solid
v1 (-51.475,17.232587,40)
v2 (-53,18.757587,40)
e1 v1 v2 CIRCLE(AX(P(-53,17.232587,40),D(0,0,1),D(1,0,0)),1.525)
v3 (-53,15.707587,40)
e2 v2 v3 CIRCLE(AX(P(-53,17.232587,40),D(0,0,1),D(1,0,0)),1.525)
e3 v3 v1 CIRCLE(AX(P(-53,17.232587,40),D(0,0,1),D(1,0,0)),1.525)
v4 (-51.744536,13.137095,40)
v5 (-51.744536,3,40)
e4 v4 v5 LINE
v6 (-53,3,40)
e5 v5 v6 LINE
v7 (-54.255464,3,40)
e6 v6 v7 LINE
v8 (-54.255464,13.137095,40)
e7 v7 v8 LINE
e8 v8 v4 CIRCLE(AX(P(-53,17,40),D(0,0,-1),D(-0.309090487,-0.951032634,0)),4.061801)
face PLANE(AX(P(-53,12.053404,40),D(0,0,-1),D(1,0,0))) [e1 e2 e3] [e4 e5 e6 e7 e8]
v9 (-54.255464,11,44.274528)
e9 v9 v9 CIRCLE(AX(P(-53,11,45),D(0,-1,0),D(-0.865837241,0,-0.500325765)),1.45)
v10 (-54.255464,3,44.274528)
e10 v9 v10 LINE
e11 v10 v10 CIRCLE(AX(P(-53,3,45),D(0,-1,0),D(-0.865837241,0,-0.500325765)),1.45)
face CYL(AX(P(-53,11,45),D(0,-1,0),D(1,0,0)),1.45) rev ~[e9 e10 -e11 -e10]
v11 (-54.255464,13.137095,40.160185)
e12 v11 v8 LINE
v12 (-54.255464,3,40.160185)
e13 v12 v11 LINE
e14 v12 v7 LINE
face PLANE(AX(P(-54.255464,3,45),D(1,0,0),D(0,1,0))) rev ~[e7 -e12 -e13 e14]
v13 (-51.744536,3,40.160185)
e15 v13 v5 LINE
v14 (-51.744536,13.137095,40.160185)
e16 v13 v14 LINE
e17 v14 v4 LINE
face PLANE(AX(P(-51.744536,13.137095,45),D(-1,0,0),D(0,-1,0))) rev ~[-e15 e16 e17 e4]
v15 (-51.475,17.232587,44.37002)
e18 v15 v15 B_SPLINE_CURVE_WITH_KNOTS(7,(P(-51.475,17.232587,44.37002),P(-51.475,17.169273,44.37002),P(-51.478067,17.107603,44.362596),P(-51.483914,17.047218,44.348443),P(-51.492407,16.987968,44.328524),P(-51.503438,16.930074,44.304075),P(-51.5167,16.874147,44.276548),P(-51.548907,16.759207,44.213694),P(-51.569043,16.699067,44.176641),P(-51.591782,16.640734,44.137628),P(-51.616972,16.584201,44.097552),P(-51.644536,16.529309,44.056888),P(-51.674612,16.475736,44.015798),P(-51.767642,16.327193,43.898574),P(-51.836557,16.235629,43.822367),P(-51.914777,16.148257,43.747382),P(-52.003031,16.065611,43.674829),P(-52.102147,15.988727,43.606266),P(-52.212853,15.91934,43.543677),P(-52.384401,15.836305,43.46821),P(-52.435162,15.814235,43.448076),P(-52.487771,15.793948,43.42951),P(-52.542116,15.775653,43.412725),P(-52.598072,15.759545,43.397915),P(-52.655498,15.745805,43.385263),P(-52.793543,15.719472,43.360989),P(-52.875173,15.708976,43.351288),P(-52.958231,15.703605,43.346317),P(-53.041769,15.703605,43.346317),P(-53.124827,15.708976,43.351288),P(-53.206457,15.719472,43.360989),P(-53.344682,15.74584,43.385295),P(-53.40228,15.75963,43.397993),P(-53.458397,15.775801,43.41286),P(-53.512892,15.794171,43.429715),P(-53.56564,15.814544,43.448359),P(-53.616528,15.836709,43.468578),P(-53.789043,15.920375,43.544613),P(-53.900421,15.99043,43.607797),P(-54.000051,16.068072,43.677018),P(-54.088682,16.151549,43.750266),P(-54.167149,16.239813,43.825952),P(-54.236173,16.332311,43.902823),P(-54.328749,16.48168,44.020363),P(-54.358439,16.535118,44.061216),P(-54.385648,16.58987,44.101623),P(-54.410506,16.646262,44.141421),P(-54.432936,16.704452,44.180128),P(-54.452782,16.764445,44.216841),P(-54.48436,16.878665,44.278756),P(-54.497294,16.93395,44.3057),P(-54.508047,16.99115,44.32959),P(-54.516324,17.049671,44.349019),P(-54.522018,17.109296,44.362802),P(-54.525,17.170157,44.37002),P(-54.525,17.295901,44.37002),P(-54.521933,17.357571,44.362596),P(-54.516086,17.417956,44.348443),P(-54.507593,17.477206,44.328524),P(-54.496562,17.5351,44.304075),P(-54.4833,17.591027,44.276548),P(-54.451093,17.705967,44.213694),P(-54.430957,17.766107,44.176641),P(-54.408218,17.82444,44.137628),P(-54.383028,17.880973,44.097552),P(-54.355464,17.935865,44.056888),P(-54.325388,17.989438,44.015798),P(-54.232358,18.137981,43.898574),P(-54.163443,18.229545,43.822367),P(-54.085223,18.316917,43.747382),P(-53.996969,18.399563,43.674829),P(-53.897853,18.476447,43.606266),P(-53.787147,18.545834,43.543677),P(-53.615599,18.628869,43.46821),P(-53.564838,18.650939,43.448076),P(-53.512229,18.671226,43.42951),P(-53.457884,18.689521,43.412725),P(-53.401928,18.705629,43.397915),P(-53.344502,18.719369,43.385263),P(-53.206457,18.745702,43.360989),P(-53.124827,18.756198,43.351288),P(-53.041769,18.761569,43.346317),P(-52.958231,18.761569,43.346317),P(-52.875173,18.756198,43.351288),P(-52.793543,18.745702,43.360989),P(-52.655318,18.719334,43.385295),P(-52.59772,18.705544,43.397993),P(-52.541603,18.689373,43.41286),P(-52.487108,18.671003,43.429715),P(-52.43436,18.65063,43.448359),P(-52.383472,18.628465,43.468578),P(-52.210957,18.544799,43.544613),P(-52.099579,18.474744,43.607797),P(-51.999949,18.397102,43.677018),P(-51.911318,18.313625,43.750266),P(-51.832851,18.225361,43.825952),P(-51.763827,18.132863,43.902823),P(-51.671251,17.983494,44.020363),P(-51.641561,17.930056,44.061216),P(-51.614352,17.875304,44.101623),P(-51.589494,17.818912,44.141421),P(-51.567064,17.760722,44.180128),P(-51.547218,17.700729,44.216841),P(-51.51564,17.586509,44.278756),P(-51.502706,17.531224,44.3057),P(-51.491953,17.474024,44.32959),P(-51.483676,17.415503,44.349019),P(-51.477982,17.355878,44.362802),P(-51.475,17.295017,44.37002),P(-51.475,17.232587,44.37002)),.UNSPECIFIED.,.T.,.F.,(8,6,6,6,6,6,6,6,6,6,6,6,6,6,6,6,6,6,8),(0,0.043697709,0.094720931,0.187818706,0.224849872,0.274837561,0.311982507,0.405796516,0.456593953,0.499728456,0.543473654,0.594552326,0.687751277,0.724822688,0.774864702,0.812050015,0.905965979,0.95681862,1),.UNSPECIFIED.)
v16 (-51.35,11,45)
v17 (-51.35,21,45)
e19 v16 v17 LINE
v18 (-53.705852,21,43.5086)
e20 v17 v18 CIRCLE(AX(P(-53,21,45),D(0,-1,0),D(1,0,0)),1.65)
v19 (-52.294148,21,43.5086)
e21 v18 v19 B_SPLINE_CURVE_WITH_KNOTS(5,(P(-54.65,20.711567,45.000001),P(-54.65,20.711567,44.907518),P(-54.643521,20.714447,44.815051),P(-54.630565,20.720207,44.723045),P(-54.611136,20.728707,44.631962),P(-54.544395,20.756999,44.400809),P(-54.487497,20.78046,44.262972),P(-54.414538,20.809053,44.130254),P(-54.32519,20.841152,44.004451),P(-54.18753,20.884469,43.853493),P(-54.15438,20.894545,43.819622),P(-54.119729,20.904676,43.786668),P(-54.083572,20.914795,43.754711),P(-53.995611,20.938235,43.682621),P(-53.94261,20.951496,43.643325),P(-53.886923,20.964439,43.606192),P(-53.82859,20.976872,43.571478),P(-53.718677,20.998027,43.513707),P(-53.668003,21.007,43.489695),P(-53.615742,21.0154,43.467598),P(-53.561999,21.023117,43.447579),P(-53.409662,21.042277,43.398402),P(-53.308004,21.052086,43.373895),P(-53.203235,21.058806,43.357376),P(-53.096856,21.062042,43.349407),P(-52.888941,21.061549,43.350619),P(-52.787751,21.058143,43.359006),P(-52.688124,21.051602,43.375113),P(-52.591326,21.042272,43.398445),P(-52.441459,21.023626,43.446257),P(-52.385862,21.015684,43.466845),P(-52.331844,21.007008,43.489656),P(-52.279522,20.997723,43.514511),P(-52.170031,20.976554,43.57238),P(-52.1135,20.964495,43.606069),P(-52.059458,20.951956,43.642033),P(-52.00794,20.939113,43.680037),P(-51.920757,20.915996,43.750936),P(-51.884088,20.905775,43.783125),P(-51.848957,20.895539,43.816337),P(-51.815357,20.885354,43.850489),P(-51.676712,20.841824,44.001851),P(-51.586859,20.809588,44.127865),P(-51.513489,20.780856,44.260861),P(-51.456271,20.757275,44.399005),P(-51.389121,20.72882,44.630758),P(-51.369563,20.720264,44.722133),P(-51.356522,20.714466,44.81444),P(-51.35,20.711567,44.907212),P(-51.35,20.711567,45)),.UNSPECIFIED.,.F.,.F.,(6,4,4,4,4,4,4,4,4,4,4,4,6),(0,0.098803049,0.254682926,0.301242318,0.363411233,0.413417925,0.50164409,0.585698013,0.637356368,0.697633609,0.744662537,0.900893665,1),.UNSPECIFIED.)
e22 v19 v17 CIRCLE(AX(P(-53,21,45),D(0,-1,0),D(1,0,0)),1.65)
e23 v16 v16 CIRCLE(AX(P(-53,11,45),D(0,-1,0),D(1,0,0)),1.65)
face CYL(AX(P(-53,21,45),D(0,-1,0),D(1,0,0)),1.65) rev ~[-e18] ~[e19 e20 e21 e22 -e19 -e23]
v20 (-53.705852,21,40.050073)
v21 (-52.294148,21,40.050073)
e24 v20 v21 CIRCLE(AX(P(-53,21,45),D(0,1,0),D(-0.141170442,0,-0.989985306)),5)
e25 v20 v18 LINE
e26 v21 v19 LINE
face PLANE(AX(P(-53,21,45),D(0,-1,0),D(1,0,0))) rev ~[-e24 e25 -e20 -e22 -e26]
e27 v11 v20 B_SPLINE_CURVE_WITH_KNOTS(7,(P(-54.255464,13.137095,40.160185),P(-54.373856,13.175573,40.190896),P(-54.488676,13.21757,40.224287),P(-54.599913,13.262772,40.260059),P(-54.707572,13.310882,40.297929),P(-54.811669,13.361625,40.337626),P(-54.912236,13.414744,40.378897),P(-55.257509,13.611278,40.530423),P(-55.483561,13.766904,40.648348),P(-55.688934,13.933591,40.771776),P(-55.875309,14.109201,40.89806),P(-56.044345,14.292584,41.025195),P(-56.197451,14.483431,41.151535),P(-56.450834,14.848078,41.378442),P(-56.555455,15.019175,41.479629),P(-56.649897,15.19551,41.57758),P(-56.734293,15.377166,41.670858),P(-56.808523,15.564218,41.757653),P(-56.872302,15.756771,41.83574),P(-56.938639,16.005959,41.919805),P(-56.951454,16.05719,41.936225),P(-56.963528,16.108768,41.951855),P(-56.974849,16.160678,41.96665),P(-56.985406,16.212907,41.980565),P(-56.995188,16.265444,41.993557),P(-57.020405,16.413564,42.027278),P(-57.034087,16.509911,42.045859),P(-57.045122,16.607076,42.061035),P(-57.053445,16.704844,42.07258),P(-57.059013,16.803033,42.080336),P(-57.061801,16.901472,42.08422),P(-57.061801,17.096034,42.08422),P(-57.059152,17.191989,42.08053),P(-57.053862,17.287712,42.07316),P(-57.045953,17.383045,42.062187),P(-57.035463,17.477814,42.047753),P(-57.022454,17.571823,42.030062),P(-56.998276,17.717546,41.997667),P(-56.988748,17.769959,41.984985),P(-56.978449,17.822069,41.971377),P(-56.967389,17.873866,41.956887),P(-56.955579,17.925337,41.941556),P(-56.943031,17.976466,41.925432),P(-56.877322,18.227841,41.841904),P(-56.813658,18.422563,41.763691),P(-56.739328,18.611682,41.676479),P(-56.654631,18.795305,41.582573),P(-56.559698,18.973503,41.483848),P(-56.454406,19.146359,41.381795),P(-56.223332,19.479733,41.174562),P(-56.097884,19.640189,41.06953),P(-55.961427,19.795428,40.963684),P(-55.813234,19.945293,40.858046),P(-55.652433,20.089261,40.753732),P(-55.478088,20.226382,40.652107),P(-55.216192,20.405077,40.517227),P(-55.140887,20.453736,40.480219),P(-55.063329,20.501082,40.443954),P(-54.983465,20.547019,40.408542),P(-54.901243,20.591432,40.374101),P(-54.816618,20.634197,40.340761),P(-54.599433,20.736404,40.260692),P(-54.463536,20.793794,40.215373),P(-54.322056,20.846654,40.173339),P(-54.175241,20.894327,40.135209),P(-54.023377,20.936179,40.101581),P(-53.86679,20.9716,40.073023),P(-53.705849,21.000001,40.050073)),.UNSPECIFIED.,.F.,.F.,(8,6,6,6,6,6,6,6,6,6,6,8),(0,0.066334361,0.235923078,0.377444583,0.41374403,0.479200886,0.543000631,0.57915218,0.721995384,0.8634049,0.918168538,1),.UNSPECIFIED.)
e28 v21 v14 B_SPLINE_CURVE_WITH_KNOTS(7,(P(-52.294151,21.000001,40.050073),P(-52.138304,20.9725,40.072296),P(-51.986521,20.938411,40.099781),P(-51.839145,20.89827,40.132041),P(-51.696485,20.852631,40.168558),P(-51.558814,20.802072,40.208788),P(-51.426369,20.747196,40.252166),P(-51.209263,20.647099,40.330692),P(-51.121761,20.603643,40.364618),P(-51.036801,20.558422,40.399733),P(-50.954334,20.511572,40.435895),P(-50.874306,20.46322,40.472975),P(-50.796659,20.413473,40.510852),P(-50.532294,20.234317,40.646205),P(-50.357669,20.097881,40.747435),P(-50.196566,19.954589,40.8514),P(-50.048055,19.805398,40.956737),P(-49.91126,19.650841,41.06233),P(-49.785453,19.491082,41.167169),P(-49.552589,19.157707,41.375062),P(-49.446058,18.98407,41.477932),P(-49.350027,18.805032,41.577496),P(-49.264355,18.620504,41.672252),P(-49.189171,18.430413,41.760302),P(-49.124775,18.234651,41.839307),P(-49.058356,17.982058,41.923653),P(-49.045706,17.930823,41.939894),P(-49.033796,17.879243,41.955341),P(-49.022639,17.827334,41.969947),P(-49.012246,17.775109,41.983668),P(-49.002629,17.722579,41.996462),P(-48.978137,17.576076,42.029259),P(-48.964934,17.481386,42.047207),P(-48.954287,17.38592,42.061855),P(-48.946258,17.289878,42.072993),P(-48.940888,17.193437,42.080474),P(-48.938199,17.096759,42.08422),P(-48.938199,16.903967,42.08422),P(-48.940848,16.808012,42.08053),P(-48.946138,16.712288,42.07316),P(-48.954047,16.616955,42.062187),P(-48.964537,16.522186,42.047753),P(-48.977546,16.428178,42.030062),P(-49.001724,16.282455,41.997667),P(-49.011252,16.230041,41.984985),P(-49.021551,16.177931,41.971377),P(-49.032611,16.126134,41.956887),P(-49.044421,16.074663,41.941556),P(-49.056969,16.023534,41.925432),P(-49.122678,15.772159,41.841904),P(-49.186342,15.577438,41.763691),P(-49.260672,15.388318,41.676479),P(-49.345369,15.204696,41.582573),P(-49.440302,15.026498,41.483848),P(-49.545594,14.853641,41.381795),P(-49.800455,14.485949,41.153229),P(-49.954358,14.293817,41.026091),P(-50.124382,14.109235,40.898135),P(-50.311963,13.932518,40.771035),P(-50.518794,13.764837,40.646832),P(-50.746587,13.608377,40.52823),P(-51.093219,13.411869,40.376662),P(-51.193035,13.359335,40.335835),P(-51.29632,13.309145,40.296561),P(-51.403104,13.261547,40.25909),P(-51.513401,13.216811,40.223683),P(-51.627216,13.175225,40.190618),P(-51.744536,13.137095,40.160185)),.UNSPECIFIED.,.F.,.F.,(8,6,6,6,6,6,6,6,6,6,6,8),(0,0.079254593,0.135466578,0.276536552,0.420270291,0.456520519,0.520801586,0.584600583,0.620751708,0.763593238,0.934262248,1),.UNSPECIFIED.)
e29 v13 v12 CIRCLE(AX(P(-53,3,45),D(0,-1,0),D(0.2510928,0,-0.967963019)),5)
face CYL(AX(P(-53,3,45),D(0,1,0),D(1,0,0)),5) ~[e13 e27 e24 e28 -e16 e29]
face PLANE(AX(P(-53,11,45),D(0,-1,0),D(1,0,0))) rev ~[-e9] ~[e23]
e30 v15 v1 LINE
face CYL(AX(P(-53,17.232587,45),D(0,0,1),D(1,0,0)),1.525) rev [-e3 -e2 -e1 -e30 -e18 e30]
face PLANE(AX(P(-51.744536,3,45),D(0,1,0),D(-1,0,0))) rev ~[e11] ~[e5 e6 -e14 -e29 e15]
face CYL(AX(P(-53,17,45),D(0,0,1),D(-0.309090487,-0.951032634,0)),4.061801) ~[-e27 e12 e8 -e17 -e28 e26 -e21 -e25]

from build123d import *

# Parameters (mm, degrees)
PAD059_DEPTH            = 5
SKETCH256_R             = 1.525
POCKET023_DEPTH         = 5.001
SKETCH254_R             = 1.65
POCKET024_DEPTH         = 10.062801
SKETCH258_R             = 1.45
POCKET025_DEPTH         = 8
BODY018_PLACEMENT_ANGLE = 90


with BuildPart() as part:
    # Sketch255 → Revolution006 (revolve)
    with BuildSketch(Plane.XZ):
        Polygon((1.65, -18), (1.65, -8), (1.45, -8), (1.45, 0), (5, 0), (5, -18), align=None)
    revolve(axis=Axis((0, 0, 0), (0, 0, 1)))

    # Sketch257 → Pad059 (new body)
    with BuildSketch(Plane.XZ):
        with BuildLine():
            ThreePointArc((-1.255464, -10.137095), (0, -18.061801), (1.255464, -10.137095))
            Line((1.255464, -10.137095), (1.255464, 0))
            Line((1.255464, 0), (-1.255464, 0))
            Line((-1.255464, 0), (-1.255464, -10.137095))
        make_face()
    extrude(amount=PAD059_DEPTH)

    # Sketch256 → Pocket023 (cut, through all)
    with BuildSketch(Plane.XZ):
        with Locations((0, -14.232587)):
            Circle(SKETCH256_R)
    extrude(amount=POCKET023_DEPTH, mode=Mode.SUBTRACT)

    # Sketch254 → Pocket024 (cut, through all)
    with BuildSketch(Plane.XY.offset(-8)):
        Circle(SKETCH254_R)
    extrude(amount=-POCKET024_DEPTH, mode=Mode.SUBTRACT)

    # Sketch258 → Pocket025 (cut)
    with BuildSketch(Plane.XY):
        Circle(SKETCH258_R)
    extrude(amount=-POCKET025_DEPTH, mode=Mode.SUBTRACT)


with BuildPart() as part_1:
    # Body018 placement: moved
    add(part.part.moved(Location((-53, 3, 45))).rotate(Axis((-53, 3, 45), (1, 0, 0)), BODY018_PLACEMENT_ANGLE))


solid = part_1.part
